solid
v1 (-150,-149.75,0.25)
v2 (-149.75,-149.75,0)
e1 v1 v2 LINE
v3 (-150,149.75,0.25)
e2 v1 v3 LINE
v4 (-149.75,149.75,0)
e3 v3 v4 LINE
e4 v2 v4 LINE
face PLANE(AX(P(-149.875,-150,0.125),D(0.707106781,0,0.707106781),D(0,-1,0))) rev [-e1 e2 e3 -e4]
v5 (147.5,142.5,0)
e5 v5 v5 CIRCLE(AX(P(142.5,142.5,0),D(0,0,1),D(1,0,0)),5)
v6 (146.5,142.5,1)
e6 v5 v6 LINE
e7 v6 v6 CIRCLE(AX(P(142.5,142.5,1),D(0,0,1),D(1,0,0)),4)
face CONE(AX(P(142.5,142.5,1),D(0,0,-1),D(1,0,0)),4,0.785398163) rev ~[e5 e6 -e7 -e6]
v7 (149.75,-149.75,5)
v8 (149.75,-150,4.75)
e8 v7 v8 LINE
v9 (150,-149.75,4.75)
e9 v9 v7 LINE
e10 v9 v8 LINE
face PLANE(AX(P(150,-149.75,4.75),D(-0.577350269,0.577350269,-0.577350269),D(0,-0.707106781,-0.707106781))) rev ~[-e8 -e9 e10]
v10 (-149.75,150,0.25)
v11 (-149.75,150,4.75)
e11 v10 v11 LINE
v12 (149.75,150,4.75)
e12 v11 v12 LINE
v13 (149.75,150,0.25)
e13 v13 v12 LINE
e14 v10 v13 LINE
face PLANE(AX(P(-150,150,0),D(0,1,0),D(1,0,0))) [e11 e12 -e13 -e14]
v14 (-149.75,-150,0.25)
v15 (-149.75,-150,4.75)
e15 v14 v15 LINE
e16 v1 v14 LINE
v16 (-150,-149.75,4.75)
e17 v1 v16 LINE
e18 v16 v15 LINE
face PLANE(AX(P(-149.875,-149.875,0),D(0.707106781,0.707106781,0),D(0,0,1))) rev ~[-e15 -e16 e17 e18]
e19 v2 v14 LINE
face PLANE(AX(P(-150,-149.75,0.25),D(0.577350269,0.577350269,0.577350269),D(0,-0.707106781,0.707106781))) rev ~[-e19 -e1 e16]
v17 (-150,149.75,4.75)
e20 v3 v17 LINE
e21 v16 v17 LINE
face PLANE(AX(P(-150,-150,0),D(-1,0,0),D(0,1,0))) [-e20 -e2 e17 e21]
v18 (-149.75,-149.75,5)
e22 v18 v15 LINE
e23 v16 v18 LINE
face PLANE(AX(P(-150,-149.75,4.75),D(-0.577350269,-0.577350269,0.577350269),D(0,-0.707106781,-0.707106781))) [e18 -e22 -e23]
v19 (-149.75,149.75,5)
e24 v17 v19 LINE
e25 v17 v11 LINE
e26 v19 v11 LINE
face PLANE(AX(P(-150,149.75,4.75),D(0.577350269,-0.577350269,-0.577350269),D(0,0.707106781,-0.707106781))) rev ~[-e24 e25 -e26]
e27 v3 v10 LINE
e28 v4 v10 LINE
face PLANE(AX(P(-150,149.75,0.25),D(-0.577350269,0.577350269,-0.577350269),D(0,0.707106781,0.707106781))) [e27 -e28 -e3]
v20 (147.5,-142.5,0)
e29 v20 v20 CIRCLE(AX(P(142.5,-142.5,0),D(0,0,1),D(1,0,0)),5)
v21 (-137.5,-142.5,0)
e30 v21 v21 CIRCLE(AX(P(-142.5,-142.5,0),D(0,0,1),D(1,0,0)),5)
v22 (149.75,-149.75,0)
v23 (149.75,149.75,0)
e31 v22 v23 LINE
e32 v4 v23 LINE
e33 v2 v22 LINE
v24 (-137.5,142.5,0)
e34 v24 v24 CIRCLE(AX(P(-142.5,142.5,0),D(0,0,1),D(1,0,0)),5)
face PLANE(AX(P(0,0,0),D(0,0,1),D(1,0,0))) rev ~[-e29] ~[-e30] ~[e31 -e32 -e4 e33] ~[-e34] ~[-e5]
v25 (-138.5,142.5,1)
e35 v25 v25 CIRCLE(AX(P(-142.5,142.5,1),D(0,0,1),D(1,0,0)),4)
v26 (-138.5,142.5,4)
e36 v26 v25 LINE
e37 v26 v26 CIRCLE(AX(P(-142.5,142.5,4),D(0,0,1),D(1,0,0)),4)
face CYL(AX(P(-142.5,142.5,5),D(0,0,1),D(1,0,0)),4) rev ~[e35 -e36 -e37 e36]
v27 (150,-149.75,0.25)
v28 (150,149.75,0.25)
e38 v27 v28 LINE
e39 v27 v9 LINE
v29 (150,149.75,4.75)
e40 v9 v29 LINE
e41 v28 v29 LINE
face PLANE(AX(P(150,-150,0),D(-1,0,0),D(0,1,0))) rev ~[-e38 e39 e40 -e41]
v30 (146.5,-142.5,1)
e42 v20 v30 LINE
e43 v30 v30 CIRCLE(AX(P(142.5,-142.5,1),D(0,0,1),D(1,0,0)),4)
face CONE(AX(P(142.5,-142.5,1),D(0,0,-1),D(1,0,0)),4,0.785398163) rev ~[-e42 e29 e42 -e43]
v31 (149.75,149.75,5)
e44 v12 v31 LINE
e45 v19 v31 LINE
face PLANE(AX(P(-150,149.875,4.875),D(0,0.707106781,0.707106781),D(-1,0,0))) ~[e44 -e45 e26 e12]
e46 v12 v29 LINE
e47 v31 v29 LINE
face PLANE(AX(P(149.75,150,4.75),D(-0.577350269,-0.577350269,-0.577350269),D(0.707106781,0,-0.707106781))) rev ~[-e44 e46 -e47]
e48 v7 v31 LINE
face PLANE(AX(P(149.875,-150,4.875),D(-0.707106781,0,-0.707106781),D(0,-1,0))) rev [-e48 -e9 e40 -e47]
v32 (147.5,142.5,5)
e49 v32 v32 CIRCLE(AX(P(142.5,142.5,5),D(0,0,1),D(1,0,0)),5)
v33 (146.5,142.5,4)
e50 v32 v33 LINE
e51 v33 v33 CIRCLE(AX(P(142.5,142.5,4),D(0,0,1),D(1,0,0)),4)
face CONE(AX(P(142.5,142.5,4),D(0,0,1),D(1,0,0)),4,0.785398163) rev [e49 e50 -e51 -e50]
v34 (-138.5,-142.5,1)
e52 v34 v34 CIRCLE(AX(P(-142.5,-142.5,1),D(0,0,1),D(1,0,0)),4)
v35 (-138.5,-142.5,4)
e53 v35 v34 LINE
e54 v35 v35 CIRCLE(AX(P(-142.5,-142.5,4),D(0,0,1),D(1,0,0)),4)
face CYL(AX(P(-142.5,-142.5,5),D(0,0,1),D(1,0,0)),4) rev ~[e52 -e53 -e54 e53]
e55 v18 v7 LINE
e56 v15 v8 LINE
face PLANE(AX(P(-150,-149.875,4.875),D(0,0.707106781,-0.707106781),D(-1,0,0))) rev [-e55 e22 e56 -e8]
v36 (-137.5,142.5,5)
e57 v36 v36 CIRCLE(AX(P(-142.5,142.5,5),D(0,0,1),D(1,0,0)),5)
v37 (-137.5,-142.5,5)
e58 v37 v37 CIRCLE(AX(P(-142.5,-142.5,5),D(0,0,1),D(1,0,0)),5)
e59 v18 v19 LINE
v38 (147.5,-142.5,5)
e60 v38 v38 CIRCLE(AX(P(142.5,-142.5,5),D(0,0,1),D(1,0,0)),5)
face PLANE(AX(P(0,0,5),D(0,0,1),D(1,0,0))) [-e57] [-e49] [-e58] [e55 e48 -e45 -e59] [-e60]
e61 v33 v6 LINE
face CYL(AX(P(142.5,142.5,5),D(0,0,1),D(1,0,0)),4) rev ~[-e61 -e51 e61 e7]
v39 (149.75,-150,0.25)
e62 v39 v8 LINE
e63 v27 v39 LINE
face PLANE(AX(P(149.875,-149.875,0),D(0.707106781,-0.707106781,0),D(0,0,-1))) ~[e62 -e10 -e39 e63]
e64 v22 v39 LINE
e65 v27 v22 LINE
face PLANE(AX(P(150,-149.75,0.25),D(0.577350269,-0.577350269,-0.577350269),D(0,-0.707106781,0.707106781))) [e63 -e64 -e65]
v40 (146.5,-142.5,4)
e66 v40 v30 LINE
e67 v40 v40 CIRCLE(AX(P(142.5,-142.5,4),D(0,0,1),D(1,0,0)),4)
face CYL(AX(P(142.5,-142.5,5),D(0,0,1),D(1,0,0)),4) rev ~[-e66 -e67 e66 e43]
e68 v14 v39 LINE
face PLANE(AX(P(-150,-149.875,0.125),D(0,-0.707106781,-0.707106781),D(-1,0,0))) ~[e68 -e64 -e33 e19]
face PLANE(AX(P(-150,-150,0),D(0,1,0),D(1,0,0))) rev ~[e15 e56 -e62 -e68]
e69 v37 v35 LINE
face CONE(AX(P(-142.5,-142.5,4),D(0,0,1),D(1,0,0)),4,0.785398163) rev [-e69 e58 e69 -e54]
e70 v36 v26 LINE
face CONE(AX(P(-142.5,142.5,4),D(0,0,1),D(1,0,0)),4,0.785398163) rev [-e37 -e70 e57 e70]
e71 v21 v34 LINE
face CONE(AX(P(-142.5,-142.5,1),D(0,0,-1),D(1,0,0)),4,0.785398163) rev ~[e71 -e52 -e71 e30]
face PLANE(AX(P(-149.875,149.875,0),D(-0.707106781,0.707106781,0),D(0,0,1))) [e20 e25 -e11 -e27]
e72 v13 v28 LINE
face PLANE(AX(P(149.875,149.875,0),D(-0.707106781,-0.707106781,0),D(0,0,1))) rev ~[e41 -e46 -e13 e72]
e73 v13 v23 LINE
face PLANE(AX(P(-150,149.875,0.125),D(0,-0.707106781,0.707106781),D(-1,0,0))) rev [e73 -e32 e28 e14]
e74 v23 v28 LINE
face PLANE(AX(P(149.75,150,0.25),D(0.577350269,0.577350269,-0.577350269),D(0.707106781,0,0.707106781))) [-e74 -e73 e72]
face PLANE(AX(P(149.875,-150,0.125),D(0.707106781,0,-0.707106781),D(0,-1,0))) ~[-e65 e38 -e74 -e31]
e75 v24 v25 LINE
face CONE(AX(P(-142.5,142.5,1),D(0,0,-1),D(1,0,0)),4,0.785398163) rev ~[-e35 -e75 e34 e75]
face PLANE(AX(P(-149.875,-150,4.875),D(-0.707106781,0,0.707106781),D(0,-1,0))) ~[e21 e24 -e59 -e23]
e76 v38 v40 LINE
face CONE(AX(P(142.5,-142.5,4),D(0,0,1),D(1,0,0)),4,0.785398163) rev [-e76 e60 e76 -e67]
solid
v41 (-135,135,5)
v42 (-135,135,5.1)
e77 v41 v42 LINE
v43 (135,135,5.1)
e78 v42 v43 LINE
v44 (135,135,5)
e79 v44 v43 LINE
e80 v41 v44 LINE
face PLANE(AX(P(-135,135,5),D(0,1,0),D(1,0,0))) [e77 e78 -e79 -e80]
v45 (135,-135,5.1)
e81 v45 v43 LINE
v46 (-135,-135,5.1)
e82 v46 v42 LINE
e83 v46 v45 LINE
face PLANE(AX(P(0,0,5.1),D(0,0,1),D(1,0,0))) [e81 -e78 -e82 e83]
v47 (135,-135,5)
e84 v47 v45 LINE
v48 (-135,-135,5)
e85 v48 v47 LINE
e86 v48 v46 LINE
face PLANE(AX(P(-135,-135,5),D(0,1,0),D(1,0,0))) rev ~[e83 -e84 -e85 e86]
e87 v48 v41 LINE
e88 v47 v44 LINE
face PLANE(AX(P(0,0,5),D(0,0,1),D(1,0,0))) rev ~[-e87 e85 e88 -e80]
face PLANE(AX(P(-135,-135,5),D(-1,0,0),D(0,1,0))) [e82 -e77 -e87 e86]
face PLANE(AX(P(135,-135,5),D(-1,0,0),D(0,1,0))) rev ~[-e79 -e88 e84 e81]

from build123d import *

# Parameters (mm, degrees)
F0_W     = 300
F0_H     = 300
F1_DEPTH = 5
F2_SIZE  = 0.25
F3_W     = 270
F3_H     = 270
F4_DEPTH = 0.1
F5_R     = 4
F6_DEPTH = 25
F7_SIZE  = 1


with BuildPart() as f1:
    # F0 (on Top) → F1 (new body)
    with BuildSketch(Plane.XY):
        Rectangle(F0_W, F0_H)
    extrude(amount=F1_DEPTH)

    # F2
    f2_edges = [f1.edges().sort_by_distance(p)[0] for p in [
        (0, -150, 5),
        (150, 0, 5),
        (0, 150, 5),
        (-150, 0, 5),
        (0, -150, 0),
        (150, 0, 0),
        (0, 150, 0),
        (-150, 0, 0),
        (-150, -150, 2.5),
        (150, -150, 2.5),
        (150, 150, 2.5),
        (-150, 150, 2.5),
    ]]
    chamfer(f2_edges, length=F2_SIZE)

    # F5 (on face) → F6 (cut)
    with BuildSketch(Plane.XY.offset(5)):
        with Locations((-142.5, 142.5)):
            Circle(F5_R)
        with Locations((142.5, 142.5)):
            Circle(F5_R)
        with Locations((142.5, -142.5)):
            Circle(F5_R)
        with Locations((-142.5, -142.5)):
            Circle(F5_R)
    extrude(amount=-F6_DEPTH, mode=Mode.SUBTRACT)

    # F7
    f7_edges = [f1.edges().sort_by_distance(p)[0] for p in [
        (-146.5, 142.5, 5),
        (-138.5, 142.5, 2.5),
        (-146.5, 142.5, 0),
        (-146.5, -142.5, 5),
        (-138.5, -142.5, 2.5),
        (-146.5, -142.5, 0),
        (138.5, -142.5, 5),
        (146.5, -142.5, 2.5),
        (138.5, -142.5, 0),
        (138.5, 142.5, 5),
        (146.5, 142.5, 2.5),
        (138.5, 142.5, 0),
    ]]
    chamfer(f7_edges, length=F7_SIZE)


with BuildPart() as f4:
    # F3 (on face) → F4 (new body)
    with BuildSketch(Plane.XY.offset(5)):
        Rectangle(F3_W, F3_H)
    extrude(amount=F4_DEPTH)


solid = Compound([f1.part, f4.part])
